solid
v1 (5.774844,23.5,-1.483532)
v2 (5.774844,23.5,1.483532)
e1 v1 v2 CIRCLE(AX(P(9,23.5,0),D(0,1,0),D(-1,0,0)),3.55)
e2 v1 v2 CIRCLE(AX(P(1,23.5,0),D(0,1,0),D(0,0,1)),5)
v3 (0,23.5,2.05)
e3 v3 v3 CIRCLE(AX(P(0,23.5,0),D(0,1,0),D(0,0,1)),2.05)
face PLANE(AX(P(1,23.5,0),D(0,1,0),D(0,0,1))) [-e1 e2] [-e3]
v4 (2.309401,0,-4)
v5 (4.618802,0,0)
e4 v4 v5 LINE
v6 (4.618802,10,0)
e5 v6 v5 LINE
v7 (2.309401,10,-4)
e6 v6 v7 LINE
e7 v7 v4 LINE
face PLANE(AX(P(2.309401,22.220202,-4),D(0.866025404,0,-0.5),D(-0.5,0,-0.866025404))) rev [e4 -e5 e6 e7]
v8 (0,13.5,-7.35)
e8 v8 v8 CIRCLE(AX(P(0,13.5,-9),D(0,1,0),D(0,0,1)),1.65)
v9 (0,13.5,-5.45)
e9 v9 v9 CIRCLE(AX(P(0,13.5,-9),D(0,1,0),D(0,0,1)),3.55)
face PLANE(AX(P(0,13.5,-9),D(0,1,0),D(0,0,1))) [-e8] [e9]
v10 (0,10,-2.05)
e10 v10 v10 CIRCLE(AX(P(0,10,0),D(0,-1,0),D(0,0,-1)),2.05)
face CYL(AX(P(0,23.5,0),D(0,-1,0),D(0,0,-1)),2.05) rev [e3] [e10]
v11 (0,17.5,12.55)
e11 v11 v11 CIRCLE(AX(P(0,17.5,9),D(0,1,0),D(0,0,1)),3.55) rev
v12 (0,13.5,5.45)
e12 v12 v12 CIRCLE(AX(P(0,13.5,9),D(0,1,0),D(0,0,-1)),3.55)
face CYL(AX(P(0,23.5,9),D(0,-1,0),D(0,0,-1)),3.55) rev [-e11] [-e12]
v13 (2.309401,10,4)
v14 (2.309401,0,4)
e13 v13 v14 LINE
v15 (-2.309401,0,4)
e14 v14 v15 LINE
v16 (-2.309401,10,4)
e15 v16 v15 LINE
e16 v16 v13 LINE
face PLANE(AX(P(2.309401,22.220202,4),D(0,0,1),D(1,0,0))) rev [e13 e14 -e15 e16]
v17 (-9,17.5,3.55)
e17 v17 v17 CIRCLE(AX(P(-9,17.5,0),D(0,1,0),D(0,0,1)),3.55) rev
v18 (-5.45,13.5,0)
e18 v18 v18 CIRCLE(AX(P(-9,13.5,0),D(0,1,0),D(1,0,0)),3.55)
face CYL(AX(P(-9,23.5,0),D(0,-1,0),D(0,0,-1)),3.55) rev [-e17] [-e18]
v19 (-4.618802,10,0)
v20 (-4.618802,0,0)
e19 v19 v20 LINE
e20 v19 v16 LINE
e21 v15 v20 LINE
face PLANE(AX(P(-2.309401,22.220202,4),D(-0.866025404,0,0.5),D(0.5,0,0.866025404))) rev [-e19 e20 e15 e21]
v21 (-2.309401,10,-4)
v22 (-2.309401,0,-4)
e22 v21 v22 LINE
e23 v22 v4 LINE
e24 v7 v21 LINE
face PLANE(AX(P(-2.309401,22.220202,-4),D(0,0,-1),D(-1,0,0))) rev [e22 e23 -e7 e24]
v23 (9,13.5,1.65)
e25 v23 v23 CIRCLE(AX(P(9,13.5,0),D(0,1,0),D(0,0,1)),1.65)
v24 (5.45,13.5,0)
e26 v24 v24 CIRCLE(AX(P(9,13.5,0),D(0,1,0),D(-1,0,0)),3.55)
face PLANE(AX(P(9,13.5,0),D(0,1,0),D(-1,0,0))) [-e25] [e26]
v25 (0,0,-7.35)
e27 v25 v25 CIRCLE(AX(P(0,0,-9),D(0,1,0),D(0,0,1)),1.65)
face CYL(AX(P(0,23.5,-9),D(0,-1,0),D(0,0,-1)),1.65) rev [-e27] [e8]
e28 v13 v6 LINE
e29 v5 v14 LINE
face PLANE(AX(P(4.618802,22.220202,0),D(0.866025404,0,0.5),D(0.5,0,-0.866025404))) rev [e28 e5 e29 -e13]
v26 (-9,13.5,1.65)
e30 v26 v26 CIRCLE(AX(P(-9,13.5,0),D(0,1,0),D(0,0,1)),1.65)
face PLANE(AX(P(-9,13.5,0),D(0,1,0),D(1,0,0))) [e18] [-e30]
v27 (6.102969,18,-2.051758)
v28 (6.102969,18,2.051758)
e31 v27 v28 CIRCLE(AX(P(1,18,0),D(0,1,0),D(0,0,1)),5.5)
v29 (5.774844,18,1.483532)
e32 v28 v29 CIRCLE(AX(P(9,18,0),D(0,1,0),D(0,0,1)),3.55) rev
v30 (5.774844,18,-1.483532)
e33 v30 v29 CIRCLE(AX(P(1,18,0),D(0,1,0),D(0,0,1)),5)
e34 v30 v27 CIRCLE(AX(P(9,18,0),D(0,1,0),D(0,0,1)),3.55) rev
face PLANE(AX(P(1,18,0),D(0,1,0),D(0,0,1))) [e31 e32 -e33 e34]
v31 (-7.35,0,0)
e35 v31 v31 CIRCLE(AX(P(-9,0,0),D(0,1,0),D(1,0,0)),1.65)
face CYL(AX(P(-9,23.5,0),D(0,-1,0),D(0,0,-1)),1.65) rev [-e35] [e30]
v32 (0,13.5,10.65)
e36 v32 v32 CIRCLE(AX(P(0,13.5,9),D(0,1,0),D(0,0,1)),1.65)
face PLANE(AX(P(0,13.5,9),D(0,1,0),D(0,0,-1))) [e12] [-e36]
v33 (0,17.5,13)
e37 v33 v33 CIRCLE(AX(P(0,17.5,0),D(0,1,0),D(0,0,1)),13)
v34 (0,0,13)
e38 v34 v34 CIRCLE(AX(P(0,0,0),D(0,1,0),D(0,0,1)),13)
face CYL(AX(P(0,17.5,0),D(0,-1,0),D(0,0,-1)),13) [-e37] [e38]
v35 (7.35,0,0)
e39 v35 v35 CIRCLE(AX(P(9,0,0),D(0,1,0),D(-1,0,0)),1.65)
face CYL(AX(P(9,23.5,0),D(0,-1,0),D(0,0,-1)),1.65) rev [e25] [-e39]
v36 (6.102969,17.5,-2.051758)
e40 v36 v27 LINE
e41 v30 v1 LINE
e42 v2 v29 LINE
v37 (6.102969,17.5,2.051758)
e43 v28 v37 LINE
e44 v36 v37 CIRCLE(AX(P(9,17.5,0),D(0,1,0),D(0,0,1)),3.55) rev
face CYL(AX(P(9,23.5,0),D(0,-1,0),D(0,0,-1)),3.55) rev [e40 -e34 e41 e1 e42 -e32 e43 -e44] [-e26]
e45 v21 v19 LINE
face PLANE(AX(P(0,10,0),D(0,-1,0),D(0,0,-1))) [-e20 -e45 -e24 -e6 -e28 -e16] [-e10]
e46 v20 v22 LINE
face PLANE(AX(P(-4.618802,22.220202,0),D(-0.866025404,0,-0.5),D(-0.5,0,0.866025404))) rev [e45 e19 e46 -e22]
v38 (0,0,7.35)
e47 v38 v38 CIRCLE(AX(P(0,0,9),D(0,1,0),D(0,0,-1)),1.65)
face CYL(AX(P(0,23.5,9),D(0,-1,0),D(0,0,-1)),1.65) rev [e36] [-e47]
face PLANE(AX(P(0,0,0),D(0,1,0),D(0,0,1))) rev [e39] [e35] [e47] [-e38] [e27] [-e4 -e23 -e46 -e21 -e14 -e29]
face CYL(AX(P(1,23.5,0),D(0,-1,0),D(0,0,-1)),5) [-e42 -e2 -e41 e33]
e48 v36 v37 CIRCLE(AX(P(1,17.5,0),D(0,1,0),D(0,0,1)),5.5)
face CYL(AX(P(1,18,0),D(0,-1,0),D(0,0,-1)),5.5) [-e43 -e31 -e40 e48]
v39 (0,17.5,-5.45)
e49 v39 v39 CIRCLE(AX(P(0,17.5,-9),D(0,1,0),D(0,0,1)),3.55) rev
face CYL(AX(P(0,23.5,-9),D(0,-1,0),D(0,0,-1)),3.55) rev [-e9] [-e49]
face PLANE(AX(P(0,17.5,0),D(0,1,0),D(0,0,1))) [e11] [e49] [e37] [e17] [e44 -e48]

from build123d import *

# Parameters (mm, degrees)
SKETCH1_R           = 13
BOSS_EXTRUDE1_DEPTH = 17.5
SKETCH6_R           = 5
BOSS_EXTRUDE2_DEPTH = 6
SKETCH7_R           = 5.5
BOSS_EXTRUDE3_DEPTH = 0.5
SKETCH2_R           = 1.65
CUT_EXTRUDE1_DEPTH  = 24.5
CUT_EXTRUDE3_START  = -4
SKETCH5_R           = 3.55
CUT_EXTRUDE3_DEPTH  = 11
CIRPATTERN1_COUNT   = 4
SKETCH3_R           = 2.05
CUT_EXTRUDE2_DEPTH  = 24.5
SKETCH8_R           = 2.75
CUT_EXTRUDE4_DEPTH  = 10
CUT_EXTRUDE5_DEPTH  = 10


with BuildPart() as part:
    # Sketch1 → Boss-Extrude1 (new body)
    with BuildSketch(Plane(origin=(0, 0, 0), x_dir=(1, 0, 0), z_dir=(0, 1, 0))):
        Circle(SKETCH1_R)
    extrude(amount=BOSS_EXTRUDE1_DEPTH)

    # Sketch6 → Boss-Extrude2 (add)
    with BuildSketch(Plane(origin=(0, 17.5, 0), x_dir=(1, 0, 0), z_dir=(0, 1, 0))):
        with Locations((1, 0)):
            Circle(SKETCH6_R)
    extrude(amount=BOSS_EXTRUDE2_DEPTH)

    # Sketch7 → Boss-Extrude3 (add)
    with BuildSketch(Plane(origin=(0, 17.5, 0), x_dir=(1, 0, 0), z_dir=(0, 1, 0))):
        with Locations((1, 0)):
            Circle(SKETCH7_R)
    extrude(amount=BOSS_EXTRUDE3_DEPTH)

    # Sketch2 → Cut-Extrude1 (cut, through all)
    with BuildSketch(Plane(origin=(0, 0, 0), x_dir=(1, 0, 0), z_dir=(0, 1, 0))):
        with Locations((0, 9)):
            Circle(SKETCH2_R)
    cut_extrude1 = extrude(amount=CUT_EXTRUDE1_DEPTH, mode=Mode.SUBTRACT)

    # Sketch5 → Cut-Extrude3 (cut)
    with BuildSketch(Plane(origin=(0, 17.5, 0), x_dir=(1, 0, 0), z_dir=(0, 1, 0)).offset(CUT_EXTRUDE3_START)):
        with Locations((0, 9)):
            Circle(SKETCH5_R)
    cut_extrude3 = extrude(amount=CUT_EXTRUDE3_DEPTH, mode=Mode.SUBTRACT)

    # CirPattern1: Cut-Extrude1, Cut-Extrude3 ×4 about axis
    cirpattern1_axis = Axis((0, 0, 0), (0, 1, 0))
    for i in range(1, CIRPATTERN1_COUNT):
        add(cut_extrude1.rotate(cirpattern1_axis, i * 360 / CIRPATTERN1_COUNT), mode=Mode.SUBTRACT)
        add(cut_extrude3.rotate(cirpattern1_axis, i * 360 / CIRPATTERN1_COUNT), mode=Mode.SUBTRACT)

    # Sketch3 → Cut-Extrude2 (cut, through all)
    with BuildSketch(Plane(origin=(0, 0, 0), x_dir=(1, 0, 0), z_dir=(0, 1, 0))):
        Circle(SKETCH3_R)
    extrude(amount=CUT_EXTRUDE2_DEPTH, mode=Mode.SUBTRACT)

    # Sketch8 → Cut-Extrude4 (cut)
    with BuildSketch(Plane.XZ):
        Circle(SKETCH8_R)
    extrude(amount=-CUT_EXTRUDE4_DEPTH, mode=Mode.SUBTRACT)

    # Sketch10 → Cut-Extrude5 (cut)
    with BuildSketch(Plane.XZ):
        Polygon((4.618802154, 0), (2.309401077, 4), (-2.309401077, 4), (-4.618802154, 0), (-2.309401077, -4), (2.309401077, -4), align=None)
    extrude(amount=-CUT_EXTRUDE5_DEPTH, mode=Mode.SUBTRACT)


solid = part.part
